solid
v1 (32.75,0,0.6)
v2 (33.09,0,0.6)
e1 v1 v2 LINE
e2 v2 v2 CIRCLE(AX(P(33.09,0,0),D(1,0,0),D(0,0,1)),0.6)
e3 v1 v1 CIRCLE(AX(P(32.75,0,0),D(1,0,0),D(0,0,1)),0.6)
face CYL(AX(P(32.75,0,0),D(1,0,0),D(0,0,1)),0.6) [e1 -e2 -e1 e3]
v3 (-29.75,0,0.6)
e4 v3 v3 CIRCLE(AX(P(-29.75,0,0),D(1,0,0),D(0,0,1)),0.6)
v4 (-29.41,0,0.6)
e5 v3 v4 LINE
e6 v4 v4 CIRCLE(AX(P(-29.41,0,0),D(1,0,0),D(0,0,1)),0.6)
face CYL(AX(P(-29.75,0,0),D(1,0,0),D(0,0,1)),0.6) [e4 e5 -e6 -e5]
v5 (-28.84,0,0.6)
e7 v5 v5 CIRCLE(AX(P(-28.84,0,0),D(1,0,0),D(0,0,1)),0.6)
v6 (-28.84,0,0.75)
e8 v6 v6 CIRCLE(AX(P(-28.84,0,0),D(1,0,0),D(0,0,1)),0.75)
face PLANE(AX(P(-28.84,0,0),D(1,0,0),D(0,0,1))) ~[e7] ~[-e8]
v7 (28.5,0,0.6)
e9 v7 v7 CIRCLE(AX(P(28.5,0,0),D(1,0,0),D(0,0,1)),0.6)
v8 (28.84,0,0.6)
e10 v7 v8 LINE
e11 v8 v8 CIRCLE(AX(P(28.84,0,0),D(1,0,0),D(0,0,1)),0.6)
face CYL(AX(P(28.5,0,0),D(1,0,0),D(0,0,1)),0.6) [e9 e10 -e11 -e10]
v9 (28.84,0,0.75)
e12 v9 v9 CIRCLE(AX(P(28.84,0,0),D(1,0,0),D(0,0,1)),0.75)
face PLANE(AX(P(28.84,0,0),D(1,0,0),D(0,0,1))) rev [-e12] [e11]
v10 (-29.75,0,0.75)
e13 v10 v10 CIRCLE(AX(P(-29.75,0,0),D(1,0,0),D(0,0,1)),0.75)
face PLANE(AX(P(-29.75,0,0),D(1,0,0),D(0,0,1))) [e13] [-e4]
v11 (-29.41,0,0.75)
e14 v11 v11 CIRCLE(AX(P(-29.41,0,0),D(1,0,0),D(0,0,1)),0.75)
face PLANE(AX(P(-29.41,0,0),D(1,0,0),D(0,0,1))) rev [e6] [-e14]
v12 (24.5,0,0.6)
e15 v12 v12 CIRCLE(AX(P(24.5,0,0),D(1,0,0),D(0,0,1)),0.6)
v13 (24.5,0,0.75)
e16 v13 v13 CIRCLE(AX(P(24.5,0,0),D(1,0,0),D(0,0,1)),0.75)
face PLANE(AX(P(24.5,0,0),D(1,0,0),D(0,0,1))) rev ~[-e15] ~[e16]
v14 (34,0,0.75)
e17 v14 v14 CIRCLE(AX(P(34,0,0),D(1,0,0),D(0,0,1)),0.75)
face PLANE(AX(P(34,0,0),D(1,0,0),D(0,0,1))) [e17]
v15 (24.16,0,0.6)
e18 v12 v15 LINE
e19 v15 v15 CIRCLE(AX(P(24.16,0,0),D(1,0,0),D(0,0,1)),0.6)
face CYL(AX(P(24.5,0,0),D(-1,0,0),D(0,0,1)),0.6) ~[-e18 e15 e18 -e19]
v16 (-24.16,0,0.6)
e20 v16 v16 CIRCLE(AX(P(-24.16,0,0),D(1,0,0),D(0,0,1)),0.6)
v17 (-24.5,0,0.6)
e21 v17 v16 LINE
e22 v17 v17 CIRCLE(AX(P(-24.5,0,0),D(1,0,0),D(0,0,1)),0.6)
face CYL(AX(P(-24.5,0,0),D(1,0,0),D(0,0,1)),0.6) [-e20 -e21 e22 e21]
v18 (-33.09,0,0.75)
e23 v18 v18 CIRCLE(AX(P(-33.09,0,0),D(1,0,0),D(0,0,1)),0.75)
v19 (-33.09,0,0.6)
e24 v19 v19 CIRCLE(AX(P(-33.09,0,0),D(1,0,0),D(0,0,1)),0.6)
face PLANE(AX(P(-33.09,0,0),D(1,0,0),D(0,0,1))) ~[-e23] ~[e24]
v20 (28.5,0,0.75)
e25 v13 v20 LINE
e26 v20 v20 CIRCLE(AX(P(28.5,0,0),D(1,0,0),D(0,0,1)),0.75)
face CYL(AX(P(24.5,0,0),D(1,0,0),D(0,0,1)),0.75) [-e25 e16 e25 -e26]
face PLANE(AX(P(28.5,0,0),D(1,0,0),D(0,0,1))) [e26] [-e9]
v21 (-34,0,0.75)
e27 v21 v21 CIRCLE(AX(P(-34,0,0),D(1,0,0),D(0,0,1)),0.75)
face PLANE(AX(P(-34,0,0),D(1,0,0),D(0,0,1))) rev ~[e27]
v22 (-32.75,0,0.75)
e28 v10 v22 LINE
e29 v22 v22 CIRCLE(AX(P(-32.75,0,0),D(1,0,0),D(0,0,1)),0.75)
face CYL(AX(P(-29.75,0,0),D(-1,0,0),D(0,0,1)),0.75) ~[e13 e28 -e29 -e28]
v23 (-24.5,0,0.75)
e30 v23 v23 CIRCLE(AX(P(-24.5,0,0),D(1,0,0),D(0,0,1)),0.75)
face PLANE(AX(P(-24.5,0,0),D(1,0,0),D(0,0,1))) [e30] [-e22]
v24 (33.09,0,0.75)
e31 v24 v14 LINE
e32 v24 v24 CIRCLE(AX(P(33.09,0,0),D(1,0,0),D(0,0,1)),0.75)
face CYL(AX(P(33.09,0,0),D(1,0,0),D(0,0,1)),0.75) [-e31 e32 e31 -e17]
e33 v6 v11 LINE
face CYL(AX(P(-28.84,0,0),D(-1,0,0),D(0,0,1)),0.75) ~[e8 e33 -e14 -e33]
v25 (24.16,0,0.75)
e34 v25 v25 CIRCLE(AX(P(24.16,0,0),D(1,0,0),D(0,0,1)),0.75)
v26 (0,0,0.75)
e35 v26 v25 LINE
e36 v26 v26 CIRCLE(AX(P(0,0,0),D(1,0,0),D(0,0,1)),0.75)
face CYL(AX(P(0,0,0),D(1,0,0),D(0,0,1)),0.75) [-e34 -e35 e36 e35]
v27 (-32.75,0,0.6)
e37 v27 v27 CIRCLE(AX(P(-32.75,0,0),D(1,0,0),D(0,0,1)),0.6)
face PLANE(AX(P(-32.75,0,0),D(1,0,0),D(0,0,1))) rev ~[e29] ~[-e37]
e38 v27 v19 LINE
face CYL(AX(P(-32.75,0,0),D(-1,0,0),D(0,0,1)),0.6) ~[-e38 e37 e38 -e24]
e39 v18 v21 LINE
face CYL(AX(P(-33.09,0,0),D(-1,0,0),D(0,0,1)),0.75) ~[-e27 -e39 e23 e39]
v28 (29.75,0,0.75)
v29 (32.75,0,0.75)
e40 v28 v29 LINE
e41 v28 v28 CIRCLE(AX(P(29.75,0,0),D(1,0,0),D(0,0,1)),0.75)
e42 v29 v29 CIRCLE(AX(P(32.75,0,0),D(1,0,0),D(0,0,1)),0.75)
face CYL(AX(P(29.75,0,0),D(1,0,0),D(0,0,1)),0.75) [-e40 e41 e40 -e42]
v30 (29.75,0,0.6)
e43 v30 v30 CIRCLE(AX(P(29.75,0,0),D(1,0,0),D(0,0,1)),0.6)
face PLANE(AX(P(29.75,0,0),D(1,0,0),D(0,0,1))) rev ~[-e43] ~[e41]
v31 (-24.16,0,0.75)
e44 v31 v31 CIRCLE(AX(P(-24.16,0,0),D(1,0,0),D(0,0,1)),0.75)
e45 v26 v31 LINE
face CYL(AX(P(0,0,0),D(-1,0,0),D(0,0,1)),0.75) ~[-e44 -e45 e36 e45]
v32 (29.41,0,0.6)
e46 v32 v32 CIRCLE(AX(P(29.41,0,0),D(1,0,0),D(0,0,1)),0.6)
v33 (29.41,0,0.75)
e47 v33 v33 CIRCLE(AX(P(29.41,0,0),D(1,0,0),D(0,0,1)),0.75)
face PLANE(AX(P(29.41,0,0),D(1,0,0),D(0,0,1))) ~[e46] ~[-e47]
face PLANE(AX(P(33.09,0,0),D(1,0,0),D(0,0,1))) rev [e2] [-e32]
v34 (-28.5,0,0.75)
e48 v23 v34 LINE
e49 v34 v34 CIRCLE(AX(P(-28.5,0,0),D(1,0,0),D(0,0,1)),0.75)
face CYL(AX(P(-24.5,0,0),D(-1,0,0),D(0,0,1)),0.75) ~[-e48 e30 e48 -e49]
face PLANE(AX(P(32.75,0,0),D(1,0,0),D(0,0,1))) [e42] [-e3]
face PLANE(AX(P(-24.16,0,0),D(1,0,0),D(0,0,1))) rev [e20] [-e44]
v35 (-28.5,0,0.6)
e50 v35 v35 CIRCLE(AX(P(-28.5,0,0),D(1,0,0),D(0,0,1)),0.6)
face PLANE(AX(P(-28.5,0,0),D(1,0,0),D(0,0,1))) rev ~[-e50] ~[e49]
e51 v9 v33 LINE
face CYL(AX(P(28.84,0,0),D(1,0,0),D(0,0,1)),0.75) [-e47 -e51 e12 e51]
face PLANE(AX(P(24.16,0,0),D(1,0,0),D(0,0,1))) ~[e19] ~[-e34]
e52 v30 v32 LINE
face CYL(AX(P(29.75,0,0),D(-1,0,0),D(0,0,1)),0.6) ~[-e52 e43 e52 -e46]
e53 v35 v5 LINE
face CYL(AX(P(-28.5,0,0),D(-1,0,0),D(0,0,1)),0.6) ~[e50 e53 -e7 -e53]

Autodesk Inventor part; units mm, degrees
ref_plane "YZ Plane" through (0, 0, 0) normal (1, 0, 0) x (0, 1, 0)
ref_plane "XZ Plane" through (0, 0, 0) normal (0, 1, 0) x (-1, 0, 0)
ref_plane "XY Plane" through (0, 0, 0) normal (0, 0, 1) x (1, 0, 0)
sketch "Sketch1" plane through (0, 0, 0) normal (0, 1, 0) x (-1, 0, 0)
  line L0 (0, 0) -> (-40, 0) construction
  line L1 (0, 0) -> (0, 0.75)
  line L2 (0, 0.75) -> (-24.16, 0.75)
  line L3 (-24.5, 0.75) -> (-28.5, 0.75)
  line L4 (-28.5, 0.75) -> (-28.84, 0.75) construction
  line L5 (-29.75, 0.75) -> (-32.75, 0.75)
  line L6 (-32.75, 0.75) -> (-33.09, 0.75) construction
  line L7 (-34, 0.75) -> (-34, 0)
  line L8 (-34, 0.75) -> (-33.25, 0.75) construction
  line L9 (-34, 0) -> (0, 0)
  line L10 (-34, 0.6) -> (0, 0.6) construction
  line L11 (-32.75, 0.75) -> (-32.75, 0.6)
  line L12 (-32.75, 0.6) -> (-33.09, 0.6)
  line L13 (-33.09, 0.6) -> (-33.09, 0.75)
  line L14 (-33.09, 0.75) -> (-34, 0.75)
  line L15 (-29.75, 0.75) -> (-29.75, 0.6)
  line L16 (-29.75, 0.6) -> (-29.41, 0.6)
  line L17 (-29.41, 0.6) -> (-29.41, 0.75)
  line L18 (-28.5, 0.75) -> (-28.5, 0.6)
  line L19 (-28.5, 0.6) -> (-28.84, 0.6)
  line L20 (-28.84, 0.6) -> (-28.84, 0.75)
  line L21 (-29.41, 0.75) -> (-29.75, 0.75) construction
  line L22 (-28.84, 0.75) -> (-29.41, 0.75)
  line L23 (-24.5, 0.75) -> (-24.5, 0.6)
  line L24 (-24.5, 0.6) -> (-24.16, 0.6)
  line L25 (-24.16, 0.6) -> (-24.16, 0.75)
  line L26 (-24.16, 0.75) -> (-24.5, 0.75) construction
  line L27 (0, 0) -> (40, 0) construction
  line L28 (0, 0.75) -> (24.16, 0.75)
  line L29 (24.5, 0.75) -> (28.5, 0.75)
  line L30 (28.5, 0.75) -> (28.84, 0.75) construction
  line L31 (29.75, 0.75) -> (32.75, 0.75)
  line L32 (32.75, 0.75) -> (33.09, 0.75) construction
  line L33 (34, 0.75) -> (34, 0)
  line L34 (34, 0.75) -> (33.25, 0.75) construction
  line L35 (34, 0) -> (0, 0)
  line L36 (34, 0.6) -> (0, 0.6) construction
  line L37 (32.75, 0.75) -> (32.75, 0.6)
  line L38 (32.75, 0.6) -> (33.09, 0.6)
  line L39 (33.09, 0.6) -> (33.09, 0.75)
  line L40 (33.09, 0.75) -> (34, 0.75)
  line L41 (29.75, 0.75) -> (29.75, 0.6)
  line L42 (29.75, 0.6) -> (29.41, 0.6)
  line L43 (29.41, 0.6) -> (29.41, 0.75)
  line L44 (28.5, 0.75) -> (28.5, 0.6)
  line L45 (28.5, 0.6) -> (28.84, 0.6)
  line L46 (28.84, 0.6) -> (28.84, 0.75)
  line L47 (29.41, 0.75) -> (29.75, 0.75) construction
  line L48 (28.84, 0.75) -> (29.41, 0.75)
  line L49 (24.5, 0.75) -> (24.5, 0.6)
  line L50 (24.5, 0.6) -> (24.16, 0.6)
  line L51 (24.16, 0.6) -> (24.16, 0.75)
  line L52 (24.16, 0.75) -> (24.5, 0.75) construction
  dimension "d36" = 40
  dimension "d38" = 0.75
  dimension "d39" = 24.5
  dimension "d41" = 4
  dimension "d43" = 1.25
  dimension "d45" = 3
  dimension "d47" = 1.25
  dimension "d50" = 90
  dimension "d51" = 34
  dimension "d52" = 1.2
  dimension "d53" = 0.75
  dimension "d54" = 1.5
  dimension "d55" = 0.34
  dimension "d56" = 0.34
  dimension "d57" = 0.34
  dimension "d58" = 0.34
revolve "Revolution2" add sketch "Sketch1" angle 360 about axis through (-34, 0, 0) along (1, 0, 0)
properties part number "IDLER SHAFT"
